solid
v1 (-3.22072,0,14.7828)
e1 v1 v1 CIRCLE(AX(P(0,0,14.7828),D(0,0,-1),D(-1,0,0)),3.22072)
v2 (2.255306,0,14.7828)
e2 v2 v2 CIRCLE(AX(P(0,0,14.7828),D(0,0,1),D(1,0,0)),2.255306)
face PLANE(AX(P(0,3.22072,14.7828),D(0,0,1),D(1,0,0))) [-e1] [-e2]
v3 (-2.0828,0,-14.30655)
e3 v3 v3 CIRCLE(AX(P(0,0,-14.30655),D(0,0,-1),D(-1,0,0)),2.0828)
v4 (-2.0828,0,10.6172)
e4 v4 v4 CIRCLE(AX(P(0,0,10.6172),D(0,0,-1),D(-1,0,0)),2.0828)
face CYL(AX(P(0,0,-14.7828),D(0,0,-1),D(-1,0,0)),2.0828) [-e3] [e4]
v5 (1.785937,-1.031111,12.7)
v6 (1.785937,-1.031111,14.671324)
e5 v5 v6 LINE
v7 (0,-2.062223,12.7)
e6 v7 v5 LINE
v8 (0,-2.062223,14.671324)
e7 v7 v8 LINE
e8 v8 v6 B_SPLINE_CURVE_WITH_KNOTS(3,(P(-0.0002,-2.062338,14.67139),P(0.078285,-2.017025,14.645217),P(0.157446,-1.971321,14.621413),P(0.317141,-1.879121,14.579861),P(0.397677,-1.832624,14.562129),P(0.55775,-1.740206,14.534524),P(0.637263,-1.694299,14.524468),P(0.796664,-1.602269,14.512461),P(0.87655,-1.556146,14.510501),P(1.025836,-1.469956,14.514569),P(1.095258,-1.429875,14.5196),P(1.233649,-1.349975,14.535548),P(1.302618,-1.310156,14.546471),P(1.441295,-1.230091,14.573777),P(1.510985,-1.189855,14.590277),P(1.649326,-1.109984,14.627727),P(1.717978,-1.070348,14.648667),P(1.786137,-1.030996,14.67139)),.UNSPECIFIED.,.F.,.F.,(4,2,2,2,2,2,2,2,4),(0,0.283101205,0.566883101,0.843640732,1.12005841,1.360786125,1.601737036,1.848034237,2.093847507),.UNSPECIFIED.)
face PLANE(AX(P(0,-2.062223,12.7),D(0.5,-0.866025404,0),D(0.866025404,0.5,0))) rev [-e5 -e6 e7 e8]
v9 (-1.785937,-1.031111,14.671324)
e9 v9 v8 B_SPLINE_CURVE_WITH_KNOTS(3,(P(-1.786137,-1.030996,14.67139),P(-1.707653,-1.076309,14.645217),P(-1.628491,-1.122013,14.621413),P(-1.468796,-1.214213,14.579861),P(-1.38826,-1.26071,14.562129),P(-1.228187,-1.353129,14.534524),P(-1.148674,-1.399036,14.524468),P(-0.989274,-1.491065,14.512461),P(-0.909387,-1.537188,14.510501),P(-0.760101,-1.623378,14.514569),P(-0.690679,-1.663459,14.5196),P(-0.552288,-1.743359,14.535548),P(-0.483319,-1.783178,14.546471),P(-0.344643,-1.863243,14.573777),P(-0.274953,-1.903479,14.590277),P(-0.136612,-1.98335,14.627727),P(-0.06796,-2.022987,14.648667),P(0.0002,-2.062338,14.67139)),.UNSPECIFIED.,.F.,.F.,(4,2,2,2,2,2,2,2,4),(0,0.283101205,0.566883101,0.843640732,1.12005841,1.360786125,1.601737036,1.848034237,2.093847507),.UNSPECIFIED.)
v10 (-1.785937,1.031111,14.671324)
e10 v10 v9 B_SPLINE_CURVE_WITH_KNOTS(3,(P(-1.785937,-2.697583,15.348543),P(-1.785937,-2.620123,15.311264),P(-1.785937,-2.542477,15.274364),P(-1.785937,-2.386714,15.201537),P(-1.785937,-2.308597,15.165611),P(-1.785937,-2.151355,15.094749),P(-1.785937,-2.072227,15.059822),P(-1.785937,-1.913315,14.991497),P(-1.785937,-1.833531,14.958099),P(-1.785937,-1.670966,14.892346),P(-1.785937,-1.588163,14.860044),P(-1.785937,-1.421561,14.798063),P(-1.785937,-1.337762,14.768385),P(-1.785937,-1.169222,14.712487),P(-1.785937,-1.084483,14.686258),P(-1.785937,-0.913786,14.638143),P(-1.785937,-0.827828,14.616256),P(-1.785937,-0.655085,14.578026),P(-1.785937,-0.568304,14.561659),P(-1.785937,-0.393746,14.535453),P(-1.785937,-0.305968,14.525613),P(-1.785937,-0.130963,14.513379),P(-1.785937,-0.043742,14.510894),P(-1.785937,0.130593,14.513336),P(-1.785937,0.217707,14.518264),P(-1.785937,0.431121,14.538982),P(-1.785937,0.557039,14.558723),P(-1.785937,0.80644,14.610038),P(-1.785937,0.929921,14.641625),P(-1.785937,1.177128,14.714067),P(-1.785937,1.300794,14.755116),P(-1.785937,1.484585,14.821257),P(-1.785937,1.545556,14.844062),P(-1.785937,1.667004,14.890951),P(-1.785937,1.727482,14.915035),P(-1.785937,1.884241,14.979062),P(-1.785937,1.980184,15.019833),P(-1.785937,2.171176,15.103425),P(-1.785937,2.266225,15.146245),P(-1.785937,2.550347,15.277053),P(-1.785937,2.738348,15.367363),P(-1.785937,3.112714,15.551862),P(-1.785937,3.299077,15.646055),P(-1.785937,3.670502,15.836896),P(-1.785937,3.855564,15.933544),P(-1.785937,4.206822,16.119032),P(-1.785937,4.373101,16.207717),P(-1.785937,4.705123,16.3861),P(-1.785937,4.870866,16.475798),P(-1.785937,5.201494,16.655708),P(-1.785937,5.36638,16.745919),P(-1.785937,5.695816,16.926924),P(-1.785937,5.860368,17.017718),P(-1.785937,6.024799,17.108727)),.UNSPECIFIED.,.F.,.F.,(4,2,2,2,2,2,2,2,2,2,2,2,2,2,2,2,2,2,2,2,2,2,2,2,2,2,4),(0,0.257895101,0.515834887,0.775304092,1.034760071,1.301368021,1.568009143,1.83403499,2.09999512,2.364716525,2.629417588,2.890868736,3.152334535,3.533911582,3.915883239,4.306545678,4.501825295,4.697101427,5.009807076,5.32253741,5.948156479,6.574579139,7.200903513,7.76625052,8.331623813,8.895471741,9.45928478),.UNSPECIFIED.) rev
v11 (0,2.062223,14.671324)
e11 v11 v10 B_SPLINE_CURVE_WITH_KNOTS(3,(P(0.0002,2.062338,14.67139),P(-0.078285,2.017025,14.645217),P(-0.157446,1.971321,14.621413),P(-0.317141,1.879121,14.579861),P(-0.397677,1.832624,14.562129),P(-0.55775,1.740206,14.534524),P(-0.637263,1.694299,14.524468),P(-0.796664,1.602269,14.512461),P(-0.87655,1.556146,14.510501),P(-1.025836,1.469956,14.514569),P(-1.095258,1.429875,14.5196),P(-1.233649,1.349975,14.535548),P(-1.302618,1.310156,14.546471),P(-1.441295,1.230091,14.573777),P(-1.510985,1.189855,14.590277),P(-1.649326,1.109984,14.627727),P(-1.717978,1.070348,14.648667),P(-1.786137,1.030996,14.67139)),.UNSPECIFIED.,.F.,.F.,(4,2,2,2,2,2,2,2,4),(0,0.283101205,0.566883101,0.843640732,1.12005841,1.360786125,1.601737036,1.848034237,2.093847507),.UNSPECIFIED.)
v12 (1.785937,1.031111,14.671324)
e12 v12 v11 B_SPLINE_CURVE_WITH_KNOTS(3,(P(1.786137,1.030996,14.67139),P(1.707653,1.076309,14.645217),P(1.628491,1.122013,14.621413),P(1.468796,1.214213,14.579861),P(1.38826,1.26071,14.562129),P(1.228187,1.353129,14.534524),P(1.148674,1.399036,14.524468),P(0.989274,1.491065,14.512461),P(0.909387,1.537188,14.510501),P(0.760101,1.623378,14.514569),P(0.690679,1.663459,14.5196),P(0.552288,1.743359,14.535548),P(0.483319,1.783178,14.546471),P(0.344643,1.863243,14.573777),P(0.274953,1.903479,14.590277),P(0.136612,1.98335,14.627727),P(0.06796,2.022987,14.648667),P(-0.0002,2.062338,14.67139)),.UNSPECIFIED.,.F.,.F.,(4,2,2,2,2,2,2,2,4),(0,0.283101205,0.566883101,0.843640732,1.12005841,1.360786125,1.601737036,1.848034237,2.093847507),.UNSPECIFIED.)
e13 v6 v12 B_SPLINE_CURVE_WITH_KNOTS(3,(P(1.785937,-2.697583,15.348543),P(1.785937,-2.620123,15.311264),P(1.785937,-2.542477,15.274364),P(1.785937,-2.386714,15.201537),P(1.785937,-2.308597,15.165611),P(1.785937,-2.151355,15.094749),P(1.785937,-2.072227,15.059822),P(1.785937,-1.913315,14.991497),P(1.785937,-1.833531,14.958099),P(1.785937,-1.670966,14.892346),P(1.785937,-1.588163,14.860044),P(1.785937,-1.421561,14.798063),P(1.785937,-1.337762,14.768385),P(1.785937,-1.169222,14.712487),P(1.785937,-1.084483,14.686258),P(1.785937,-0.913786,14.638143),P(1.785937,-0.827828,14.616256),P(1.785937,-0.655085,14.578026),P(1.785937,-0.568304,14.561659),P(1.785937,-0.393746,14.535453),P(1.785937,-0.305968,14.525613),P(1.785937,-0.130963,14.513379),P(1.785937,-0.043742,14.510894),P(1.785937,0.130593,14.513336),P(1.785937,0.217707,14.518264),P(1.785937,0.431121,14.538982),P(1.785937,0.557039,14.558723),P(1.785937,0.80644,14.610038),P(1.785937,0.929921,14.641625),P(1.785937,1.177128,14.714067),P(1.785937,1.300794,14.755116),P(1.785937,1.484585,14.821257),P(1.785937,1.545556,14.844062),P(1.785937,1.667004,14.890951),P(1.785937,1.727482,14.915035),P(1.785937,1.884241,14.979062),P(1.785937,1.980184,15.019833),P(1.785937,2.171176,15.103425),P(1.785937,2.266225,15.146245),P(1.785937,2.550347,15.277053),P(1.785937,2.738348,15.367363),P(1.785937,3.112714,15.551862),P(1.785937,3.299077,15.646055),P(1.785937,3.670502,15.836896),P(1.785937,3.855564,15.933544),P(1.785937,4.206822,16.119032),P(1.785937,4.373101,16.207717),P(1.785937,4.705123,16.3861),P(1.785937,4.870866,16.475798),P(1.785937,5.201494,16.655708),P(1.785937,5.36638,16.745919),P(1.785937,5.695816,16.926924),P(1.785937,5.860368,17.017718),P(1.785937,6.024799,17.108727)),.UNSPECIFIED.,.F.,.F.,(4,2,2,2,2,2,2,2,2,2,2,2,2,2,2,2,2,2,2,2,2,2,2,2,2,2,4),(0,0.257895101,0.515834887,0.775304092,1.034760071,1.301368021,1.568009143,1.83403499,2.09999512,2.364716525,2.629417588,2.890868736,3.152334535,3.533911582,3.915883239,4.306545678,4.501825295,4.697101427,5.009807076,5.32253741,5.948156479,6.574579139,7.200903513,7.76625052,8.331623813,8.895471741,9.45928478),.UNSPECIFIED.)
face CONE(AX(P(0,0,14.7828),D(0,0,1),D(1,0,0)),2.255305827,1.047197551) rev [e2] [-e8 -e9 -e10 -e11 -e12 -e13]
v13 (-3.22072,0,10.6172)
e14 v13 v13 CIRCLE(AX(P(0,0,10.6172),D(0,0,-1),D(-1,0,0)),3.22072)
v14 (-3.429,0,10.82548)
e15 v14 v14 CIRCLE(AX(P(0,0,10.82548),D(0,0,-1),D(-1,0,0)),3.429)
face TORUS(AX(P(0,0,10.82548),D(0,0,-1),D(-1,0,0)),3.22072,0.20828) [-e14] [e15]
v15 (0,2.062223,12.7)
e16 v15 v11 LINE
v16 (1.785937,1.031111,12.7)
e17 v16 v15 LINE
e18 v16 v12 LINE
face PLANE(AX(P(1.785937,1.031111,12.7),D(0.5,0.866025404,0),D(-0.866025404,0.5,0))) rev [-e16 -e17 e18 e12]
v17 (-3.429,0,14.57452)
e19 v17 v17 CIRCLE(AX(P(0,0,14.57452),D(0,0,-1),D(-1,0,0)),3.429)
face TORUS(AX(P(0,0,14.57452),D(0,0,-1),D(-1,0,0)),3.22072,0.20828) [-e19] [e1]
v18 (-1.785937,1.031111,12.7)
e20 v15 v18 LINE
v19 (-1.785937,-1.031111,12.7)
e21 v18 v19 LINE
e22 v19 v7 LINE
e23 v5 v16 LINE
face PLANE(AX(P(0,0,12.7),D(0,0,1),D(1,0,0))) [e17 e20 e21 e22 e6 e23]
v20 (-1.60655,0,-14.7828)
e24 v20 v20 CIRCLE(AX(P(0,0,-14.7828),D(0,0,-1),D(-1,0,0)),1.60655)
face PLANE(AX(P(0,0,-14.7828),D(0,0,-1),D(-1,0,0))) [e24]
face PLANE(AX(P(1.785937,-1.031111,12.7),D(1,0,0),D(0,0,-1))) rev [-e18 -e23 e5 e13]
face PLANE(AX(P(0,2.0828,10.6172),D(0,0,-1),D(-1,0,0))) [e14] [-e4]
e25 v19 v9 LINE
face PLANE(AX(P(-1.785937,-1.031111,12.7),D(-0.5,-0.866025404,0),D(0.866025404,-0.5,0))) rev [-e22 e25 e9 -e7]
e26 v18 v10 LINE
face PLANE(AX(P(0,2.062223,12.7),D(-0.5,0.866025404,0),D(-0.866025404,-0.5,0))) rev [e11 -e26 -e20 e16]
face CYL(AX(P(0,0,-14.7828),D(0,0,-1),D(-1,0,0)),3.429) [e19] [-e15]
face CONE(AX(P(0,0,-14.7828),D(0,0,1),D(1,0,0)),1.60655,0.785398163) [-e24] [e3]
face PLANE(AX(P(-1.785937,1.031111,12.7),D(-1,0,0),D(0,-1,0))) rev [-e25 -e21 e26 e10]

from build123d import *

# Parameters (mm, degrees)
CUT_EXTRUDE1_START = 14.7828
CUT_EXTRUDE1_DEPTH = 2.0828


with BuildPart() as part:
    # Sketch2 → Revolve1 (revolve)
    with BuildSketch(Plane(origin=(0, 0, 0), x_dir=(0, 0, -1), z_dir=(1, 0, 0)), mode=Mode.PRIVATE) as revolve1_sk:
        with BuildLine():
            Line((14.7828, 0), (14.7828, 1.60655))
            Line((14.7828, 1.60655), (14.30655, 2.0828))
            Line((14.30655, 2.0828), (-10.6172, 2.0828))
            Line((-10.6172, 2.0828), (-10.6172, 3.22072))
            ThreePointArc((-10.6172, 3.22072), (-10.6782038, 3.3679962), (-10.82548, 3.429))
            Line((-10.82548, 3.429), (-14.57452, 3.429))
            ThreePointArc((-14.57452, 3.429), (-14.7217962, 3.3679962), (-14.7828, 3.22072))
            Line((-14.7828, 3.22072), (-14.7828, 0))
            Line((-14.7828, 0), (14.7828, 0))
        make_face()
    revolve(revolve1_sk.sketch.rotate(Axis((0, 0, -14.7828), (0, 0, 1)), 90), axis=Axis((0, 0, -14.7828), (0, 0, 1)))

    # Sketch3 → Cut-Extrude1 (cut)
    with BuildSketch(Plane.XY.offset(CUT_EXTRUDE1_START)):
        Polygon((-1.7859375, 1.031111496), (-1.7859375, -1.031111496), (0, -2.062222993), (1.7859375, -1.031111496), (1.7859375, 1.031111496), (0, 2.062222993), align=None)
    extrude(amount=-CUT_EXTRUDE1_DEPTH, mode=Mode.SUBTRACT)

    # Cut-Extrude2 cone 1 section (through the dimple's axis) → Cut-Extrude2 (revolve, cut)
    with BuildSketch(Plane(origin=(0, 0, 14.7828), x_dir=(0, -1, 0), z_dir=(1, 0, 0))):
        Polygon((0, 0), (2.255305827, 0), (0, 1.302101426), align=None)
    revolve(axis=Axis((0, 0, 14.7828), (0, 0, -1)), mode=Mode.SUBTRACT)


solid = part.part
